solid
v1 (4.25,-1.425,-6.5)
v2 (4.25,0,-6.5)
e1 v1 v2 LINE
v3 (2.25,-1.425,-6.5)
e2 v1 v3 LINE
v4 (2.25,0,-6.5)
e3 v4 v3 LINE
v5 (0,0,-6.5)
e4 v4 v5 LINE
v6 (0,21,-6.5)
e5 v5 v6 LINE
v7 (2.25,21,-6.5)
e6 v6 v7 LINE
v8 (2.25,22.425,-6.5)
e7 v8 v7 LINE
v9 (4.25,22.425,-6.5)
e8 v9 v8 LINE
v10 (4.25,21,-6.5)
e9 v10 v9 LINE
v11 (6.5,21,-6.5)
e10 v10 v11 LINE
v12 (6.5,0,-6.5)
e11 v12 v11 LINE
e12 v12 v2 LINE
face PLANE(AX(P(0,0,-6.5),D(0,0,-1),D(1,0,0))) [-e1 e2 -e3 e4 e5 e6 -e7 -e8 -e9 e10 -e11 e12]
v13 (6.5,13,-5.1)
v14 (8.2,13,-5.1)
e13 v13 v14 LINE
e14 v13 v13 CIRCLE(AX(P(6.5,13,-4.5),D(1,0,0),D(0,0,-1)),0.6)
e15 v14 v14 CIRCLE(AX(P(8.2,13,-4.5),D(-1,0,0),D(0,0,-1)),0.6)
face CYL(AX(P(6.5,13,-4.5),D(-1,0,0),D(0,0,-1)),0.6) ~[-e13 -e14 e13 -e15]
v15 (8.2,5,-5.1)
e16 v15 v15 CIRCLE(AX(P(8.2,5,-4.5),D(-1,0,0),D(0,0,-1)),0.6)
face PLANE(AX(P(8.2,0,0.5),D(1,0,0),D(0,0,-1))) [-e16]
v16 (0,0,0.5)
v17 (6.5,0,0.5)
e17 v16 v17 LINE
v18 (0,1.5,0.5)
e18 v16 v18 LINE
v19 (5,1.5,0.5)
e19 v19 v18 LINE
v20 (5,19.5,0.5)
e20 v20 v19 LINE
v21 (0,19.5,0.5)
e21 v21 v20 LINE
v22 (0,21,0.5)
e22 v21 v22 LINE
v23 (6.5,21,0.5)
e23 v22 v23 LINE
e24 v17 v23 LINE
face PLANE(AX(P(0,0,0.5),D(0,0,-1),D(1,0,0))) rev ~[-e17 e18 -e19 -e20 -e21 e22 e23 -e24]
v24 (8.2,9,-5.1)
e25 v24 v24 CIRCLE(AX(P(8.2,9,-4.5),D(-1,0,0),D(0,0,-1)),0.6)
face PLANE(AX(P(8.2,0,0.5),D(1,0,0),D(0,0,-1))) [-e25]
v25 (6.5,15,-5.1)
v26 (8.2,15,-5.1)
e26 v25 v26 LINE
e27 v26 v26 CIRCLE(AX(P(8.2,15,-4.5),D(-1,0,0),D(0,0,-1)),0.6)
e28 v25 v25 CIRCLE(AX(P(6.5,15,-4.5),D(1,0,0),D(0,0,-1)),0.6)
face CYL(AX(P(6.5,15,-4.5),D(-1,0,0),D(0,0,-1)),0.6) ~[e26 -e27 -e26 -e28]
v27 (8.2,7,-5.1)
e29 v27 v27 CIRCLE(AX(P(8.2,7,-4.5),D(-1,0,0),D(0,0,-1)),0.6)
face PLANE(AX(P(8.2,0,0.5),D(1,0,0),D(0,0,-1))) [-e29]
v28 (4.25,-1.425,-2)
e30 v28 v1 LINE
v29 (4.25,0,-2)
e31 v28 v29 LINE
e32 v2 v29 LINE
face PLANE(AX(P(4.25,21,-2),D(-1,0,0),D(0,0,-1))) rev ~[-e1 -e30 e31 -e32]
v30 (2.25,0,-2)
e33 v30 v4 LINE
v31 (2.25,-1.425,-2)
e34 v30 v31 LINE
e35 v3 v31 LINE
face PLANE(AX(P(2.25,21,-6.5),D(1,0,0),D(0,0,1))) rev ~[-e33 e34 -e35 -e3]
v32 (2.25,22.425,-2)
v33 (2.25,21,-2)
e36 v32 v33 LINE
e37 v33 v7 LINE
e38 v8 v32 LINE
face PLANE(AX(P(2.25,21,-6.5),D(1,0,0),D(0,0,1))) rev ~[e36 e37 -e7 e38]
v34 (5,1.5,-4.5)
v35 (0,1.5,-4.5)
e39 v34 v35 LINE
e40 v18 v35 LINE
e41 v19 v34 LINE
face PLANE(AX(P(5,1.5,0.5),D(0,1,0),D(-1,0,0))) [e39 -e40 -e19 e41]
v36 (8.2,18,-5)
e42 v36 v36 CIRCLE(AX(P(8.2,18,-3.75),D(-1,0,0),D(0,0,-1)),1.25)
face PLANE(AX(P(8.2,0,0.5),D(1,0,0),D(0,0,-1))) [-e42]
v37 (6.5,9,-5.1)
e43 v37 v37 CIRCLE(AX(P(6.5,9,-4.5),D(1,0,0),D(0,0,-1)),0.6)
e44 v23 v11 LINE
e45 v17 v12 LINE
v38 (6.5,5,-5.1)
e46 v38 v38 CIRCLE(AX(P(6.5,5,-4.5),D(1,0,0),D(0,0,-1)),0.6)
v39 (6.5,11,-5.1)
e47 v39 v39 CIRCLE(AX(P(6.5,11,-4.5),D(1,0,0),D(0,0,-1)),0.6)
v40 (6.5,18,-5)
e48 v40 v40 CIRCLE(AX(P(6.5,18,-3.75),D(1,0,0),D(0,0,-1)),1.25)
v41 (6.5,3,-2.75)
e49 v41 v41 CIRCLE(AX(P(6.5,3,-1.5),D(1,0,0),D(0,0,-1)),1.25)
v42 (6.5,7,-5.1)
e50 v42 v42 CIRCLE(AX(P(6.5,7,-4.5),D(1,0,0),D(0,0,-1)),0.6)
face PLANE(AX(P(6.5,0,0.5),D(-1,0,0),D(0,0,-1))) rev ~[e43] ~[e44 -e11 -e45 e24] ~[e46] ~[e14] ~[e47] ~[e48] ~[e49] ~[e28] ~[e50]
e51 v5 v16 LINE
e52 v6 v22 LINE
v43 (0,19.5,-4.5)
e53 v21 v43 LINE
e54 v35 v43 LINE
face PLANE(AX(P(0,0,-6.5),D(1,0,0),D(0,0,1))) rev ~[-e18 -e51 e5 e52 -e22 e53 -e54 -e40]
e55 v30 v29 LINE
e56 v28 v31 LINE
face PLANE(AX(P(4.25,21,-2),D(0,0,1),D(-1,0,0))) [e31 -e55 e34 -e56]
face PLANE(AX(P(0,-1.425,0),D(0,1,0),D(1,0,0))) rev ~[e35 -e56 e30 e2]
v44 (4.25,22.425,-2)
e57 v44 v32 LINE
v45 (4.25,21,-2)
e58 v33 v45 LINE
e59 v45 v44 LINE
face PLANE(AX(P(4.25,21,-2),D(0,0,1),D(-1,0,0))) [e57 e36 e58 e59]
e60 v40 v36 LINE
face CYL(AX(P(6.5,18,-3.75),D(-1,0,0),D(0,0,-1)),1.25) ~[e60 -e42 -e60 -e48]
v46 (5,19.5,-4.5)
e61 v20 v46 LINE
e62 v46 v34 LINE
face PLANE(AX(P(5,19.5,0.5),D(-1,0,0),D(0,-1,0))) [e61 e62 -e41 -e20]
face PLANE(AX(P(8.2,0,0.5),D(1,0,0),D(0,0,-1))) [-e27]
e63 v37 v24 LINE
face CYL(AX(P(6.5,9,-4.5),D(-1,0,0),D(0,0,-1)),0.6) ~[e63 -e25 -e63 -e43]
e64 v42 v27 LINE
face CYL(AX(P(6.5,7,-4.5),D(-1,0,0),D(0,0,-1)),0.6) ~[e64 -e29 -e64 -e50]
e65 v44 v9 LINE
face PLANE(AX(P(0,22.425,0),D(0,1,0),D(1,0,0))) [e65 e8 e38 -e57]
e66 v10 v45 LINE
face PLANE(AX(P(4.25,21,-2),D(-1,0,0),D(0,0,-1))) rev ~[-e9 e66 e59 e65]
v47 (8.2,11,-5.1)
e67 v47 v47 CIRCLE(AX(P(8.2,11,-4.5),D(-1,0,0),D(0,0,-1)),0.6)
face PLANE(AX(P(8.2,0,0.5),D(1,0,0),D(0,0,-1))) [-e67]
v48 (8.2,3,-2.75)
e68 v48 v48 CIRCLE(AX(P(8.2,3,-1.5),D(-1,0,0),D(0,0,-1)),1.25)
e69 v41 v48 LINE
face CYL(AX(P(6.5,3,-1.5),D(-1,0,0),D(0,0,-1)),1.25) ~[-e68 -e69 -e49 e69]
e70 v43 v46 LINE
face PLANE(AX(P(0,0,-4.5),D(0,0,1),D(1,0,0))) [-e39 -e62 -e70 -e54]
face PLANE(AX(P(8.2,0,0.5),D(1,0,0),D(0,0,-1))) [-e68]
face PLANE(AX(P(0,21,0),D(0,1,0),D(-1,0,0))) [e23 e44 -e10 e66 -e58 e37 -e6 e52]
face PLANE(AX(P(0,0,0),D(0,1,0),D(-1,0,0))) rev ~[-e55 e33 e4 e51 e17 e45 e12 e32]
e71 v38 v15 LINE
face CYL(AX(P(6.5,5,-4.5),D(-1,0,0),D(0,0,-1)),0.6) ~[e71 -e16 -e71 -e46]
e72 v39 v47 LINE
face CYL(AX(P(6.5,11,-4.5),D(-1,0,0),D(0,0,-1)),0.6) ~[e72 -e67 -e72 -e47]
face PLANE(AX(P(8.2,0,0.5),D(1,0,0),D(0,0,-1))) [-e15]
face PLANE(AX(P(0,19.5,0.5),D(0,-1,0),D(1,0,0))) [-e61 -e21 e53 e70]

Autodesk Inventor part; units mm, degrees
ref_plane "YZ Plane" through (0, 0, 0) normal (1, 0, 0) x (0, 1, 0)
ref_plane "XZ Plane" through (0, 0, 0) normal (0, 1, 0) x (-1, 0, 0)
ref_plane "XY Plane" through (0, 0, 0) normal (0, 0, 1) x (1, 0, 0)
sketch "Эскиз1" plane through (0, 0, 0) normal (0, 1, 0) x (-1, 0, 0)
  line L0 (0, -6.5) -> (-2.25, -6.5)
  line L1 (-2.25, -6.5) -> (-4.25, -6.5)
  line L2 (-2.25, -6.5) -> (-4.25, -6.5)
  line L3 (-6.5, -6.5) -> (-4.25, -6.5)
  line L4 (0, -6.5) -> (0, 0.5)
  line L5 (0, 0.5) -> (-6.5, 0.5)
  line L6 (-6.5, 0.5) -> (-6.5, -6.5)
  line L7 (-2.25, -6.5) -> (-2.25, -1.5)
  line L8 (-2.25, -1.5) -> (-4.25, -1.5)
  line L9 (-4.25, -1.5) -> (-4.25, -6.5)
  point P0 (0, 0)
  dimension "d2" = 2.25
  dimension "d4" = 2
  dimension "d31" = 7
  dimension "d32" = 5
extrude "Выдавливание1" add sketch "Эскиз1" along normal blind 21
sketch "Эскиз2" plane through (0, 21, 0) normal (0, 1, 0) x (1, 0, 0)
  line L0 (4.25, 2) -> (2.25, 2) projected
  line L1 (4.25, 6.5) -> (2.25, 6.5)
  line L2 (2.25, 6.5) -> (2.25, 2)
  line L3 (2.25, 2) -> (4.25, 2)
  line L4 (4.25, 2) -> (4.25, 6.5)
  point P0 (0, 0)
extrude "Выдавливание2" add sketch "Эскиз2" along normal blind 1.425 and the other way blind 22.425
sketch "Эскиз4" plane through (2.25, 0, -2) normal (0, 0, 1) x (1, 0, 0)
  line L0 (0, 22.425) -> (2, 22.425) projected
  line L1 (2, -1.425) -> (0, -1.425) projected
  line L2 (-2.25, 21) -> (4.75, 21) projected
  line L3 (-2.25, 0) -> (4.75, 0) projected
  line L4 (4.75, 0) -> (4.75, 21) projected
  line L5 (-2.25, 1) -> (-2.25, 20) projected
  line L6 (0, 22.425) -> (0, 21) projected
  line L7 (2, 21) -> (2, 22.425) projected
  dimension "d17" = 23.85
  dimension "d18" = 21
  dimension "d19" = 7
  dimension "d20" = 2.25
  dimension "d21" = 2
  dimension "d22" = 2.75
  dimension "d23" = 1.425
  dimension "d24" = 7
sketch "Эскиз6" plane through (0, 0, 0.5) normal (0, 0, 1) x (1, 0, 0)
  line L0 (0, 0) -> (0, 1.5)
  line L1 (0, 0) -> (0, 21) projected
  line L2 (0, 21) -> (6.5, 21) projected
  line L3 (0, 21) -> (0, 19.5)
  line L4 (0, 19.5) -> (5, 19.5)
  line L5 (5, 19.5) -> (5, 1.5)
  line L6 (5, 1.5) -> (0, 1.5)
  line L7 (0, 1.5) -> (0, 19.5)
  dimension "d33" = 1.5
  dimension "d34" = 1.5
  dimension "d35" = 5
extrude "Выдавливание5" cut sketch "Эскиз6" against normal blind 5
sketch "Эскиз7" plane through (6.5, 0, 0.5) normal (1, 0, 0) x (0, 0, -1)
  line L0 (7, 0) -> (7, 21) projected
  line L1 (7, 10.5) -> (7, 18)
  line L2 (7, 18) -> (7, 3)
  line L3 (0, 19.5) -> (0, 1.5) projected
  line L4 (0, 3) -> (7, 3)
  line L5 (0, 18) -> (7, 18)
  line L6 (7, 18) -> (4, 18)
  line L7 (4.5, 18) -> (4.5, 3)
  line L8 (4.5, 3) -> (2, 3)
  circle A0 centre (2, 3) radius 1.25
  circle A1 centre (4.25, 18) radius 1.25
  line L9 (5, 19.5) -> (5, 1.5) projected
  line L10 (5, 1.5) -> (5, 19.5) projected
  line L11 (5, 3) -> (5, 5)
  line L12 (5, 5) -> (5, 7)
  line L13 (5, 7) -> (5, 9)
  line L14 (5, 9) -> (5, 11)
  line L15 (5, 11) -> (5, 13)
  line L16 (5, 13) -> (5, 15)
  circle A2 centre (5, 5) radius 0.6
  circle A3 centre (5, 7) radius 0.6
  circle A4 centre (5, 9) radius 0.6
  circle A5 centre (5, 11) radius 0.6
  circle A6 centre (5, 13) radius 0.6
  circle A7 centre (5, 15) radius 0.6
  point P0 (0.5, 0)
  dimension "d38" = 7.5
  dimension "d39" = 15
  dimension "d40" = 3
  dimension "d41" = 0.5
  dimension "d42" = 2.5
  dimension "d43" = 2.5
  dimension "d44" = 2.5
  dimension "d61" = 2
  dimension "d62" = 2
  dimension "d63" = 2
  dimension "d64" = 2
  dimension "d65" = 2
  dimension "d66" = 2
  dimension "d68" = 1.2
  dimension "d69" = 1.2
  dimension "d70" = 1.2
  dimension "d71" = 1.2
  dimension "d72" = 1.2
  dimension "d73" = 1.2
extrude "Выдавливание6" add sketch "Эскиз7" along normal blind 1.7 contours A2 L7 L9 | L9 A2 | A1 L9 L5 | L5 L9 A1 | A0 L4 | L4 A0 | A2 L7 | L9 A1 L7 L5 | L5 A1 L9 | L7 A1 L5 | A7 L9 | L9 A7 L7 | A3 L7 | L7 A3 L9 | L9 A3 | L7 A7 | A4 L7 | L7 A4 L9 | A6 L9 L7 | L7 A6 | A6 L9 | L9 A4 | A5 L7 | L7 A5 L9 | L9 A5
properties part number "fast_battery"
